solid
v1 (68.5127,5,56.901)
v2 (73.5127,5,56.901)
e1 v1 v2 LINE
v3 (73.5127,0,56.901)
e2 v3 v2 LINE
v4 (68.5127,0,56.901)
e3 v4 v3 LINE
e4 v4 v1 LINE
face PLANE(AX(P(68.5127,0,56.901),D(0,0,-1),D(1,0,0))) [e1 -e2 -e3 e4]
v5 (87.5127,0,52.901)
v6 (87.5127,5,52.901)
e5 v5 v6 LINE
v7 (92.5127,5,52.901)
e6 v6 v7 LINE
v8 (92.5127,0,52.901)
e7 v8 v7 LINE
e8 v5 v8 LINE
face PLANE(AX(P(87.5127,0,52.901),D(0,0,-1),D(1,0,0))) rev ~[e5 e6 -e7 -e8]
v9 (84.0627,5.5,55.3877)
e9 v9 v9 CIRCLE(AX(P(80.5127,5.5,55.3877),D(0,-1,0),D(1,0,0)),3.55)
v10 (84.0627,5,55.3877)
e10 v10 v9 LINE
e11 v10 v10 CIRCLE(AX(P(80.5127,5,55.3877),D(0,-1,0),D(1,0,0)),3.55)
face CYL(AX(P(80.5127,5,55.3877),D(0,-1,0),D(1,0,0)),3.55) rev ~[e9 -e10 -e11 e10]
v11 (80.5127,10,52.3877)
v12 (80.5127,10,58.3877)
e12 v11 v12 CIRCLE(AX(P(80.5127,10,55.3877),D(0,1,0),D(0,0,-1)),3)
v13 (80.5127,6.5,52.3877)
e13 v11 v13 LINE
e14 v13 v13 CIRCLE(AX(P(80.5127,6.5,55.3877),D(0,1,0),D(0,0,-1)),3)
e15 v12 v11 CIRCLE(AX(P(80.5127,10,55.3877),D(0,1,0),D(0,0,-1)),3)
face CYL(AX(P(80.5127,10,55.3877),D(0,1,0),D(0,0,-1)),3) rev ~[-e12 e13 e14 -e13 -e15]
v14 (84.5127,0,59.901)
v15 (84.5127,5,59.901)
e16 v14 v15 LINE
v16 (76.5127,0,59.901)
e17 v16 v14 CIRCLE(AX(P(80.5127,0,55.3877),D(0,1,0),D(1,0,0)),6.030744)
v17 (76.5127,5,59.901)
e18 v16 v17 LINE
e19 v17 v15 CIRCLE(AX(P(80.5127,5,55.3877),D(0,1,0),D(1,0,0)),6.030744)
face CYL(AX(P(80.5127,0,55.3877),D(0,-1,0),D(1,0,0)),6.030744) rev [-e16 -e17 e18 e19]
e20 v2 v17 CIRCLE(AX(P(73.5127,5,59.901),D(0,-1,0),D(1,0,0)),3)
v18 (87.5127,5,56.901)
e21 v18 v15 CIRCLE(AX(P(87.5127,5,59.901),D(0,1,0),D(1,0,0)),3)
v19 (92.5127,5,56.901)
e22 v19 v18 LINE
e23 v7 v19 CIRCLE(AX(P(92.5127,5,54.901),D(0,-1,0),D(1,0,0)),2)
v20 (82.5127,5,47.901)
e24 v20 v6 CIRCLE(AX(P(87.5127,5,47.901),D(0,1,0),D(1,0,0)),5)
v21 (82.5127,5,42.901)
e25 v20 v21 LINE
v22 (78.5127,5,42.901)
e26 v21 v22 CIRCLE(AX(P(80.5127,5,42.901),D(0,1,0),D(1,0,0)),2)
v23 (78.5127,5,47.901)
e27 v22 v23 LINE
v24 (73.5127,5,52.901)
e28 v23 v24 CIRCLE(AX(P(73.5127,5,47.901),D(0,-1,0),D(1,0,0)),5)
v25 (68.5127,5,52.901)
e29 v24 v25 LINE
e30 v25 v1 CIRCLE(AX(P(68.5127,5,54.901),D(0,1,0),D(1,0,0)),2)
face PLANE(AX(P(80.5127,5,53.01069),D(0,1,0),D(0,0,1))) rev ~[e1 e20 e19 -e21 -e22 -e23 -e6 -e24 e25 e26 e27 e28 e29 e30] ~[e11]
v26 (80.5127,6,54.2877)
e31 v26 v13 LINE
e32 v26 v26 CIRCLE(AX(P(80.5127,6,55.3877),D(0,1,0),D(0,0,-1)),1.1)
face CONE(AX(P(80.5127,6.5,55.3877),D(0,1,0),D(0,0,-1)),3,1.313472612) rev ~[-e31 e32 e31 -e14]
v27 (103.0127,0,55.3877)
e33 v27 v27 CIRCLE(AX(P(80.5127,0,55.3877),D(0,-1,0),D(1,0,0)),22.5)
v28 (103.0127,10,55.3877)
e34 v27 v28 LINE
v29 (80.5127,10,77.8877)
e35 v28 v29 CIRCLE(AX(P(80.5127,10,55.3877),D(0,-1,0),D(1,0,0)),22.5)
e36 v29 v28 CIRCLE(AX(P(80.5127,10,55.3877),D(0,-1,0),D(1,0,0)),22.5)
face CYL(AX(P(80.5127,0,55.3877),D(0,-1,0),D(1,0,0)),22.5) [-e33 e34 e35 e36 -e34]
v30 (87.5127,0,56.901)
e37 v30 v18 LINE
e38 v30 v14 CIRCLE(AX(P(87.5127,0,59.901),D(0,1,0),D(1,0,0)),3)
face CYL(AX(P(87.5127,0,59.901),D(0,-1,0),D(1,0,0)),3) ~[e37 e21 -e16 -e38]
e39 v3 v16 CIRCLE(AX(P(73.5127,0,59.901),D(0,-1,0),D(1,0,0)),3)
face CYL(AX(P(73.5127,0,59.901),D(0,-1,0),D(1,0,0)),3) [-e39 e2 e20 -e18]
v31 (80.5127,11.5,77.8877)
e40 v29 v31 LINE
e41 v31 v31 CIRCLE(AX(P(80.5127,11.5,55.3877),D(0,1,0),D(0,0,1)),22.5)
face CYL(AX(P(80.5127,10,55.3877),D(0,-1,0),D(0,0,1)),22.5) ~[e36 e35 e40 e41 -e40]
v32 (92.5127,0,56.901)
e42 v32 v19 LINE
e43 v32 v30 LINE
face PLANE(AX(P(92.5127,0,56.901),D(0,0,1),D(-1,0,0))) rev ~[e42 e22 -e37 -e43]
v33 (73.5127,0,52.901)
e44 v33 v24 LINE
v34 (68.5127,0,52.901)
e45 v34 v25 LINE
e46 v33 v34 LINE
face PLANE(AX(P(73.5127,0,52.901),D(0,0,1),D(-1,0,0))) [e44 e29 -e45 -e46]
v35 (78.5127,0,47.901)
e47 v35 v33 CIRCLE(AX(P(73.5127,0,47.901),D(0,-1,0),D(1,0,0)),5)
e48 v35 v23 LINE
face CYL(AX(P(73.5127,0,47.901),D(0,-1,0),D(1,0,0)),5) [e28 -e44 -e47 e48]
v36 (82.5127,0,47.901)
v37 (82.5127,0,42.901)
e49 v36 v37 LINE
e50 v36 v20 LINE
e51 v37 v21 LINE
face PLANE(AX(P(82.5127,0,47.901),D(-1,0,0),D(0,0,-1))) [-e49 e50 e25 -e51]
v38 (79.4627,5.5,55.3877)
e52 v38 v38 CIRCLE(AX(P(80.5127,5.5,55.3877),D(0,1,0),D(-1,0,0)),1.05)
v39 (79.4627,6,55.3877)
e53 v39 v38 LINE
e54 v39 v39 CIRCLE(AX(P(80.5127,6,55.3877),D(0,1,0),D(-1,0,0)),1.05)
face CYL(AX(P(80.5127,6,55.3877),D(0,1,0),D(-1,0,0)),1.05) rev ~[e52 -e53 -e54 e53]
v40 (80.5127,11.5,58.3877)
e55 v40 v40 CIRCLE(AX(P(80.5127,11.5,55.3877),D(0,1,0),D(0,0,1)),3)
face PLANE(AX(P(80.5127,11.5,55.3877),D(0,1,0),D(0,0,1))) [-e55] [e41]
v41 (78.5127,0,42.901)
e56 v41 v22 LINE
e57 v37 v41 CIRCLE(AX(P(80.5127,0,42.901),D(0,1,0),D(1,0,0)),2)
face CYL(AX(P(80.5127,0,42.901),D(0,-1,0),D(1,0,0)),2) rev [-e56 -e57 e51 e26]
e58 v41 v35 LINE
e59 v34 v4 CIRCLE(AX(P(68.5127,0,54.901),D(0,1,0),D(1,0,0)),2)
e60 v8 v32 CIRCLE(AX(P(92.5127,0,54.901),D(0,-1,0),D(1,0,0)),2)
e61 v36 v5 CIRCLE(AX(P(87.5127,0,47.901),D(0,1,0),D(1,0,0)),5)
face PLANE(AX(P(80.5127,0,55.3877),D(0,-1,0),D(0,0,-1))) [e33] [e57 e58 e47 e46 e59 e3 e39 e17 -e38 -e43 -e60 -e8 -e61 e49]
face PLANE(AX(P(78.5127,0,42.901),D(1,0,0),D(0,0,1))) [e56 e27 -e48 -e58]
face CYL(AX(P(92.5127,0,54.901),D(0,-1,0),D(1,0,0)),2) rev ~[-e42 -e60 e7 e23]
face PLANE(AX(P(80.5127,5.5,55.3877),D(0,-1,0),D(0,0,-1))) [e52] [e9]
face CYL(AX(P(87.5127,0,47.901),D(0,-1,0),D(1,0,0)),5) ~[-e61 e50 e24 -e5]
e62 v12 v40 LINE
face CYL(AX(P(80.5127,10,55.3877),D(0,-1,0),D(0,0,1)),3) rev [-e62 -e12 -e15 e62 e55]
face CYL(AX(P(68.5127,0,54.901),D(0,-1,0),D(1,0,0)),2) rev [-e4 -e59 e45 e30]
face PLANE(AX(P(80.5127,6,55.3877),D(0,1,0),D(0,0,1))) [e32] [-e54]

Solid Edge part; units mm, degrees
sketch "Sketch1" plane through (0, 0, 0) normal (0, -1, 0) x (1, 0, 0)
  circle A0 centre (80.5127, 55.3877) radius 22.5
  dimension "D1" = 45
extrude "ExtrudedProtrusion_1" add sketch "Sketch1" against normal blind 10
sketch "Sketch2" plane through (63.9305, 0, 41.9251) normal (0, -1, 0) x (1, 0, 0)
  line L0 (18.5822, 5.9759) -> (18.5822, 0.9759)
  arc A0 (18.5822, 0.9759) -> (14.5822, 0.9759) centre (16.5822, 0.9759) cw
  line L1 (14.5822, 0.9759) -> (14.5822, 5.9759)
  arc A1 (14.5822, 5.9759) -> (9.5822, 10.9759) centre (9.5822, 5.9759) ccw
  line L2 (9.5822, 10.9759) -> (4.5822, 10.9759)
  arc A2 (4.5822, 10.9759) -> (4.5822, 14.9759) centre (4.5822, 12.9759) cw
  line L3 (4.5822, 14.9759) -> (9.5822, 14.9759)
  arc A3 (9.5822, 14.9759) -> (12.5822, 17.9759) centre (9.5822, 17.9759) ccw
  arc A4 (12.5822, 17.9759) -> (20.5822, 17.9759) centre (16.5822, 13.4626) cw
  arc A5 (23.5822, 14.9759) -> (20.5822, 17.9759) centre (23.5822, 17.9759) cw
  line L4 (28.5822, 14.9759) -> (23.5822, 14.9759)
  arc A6 (28.5822, 10.9759) -> (28.5822, 14.9759) centre (28.5822, 12.9759) ccw
  line L5 (23.5822, 10.9759) -> (28.5822, 10.9759)
  arc A7 (18.5822, 5.9759) -> (23.5822, 10.9759) centre (23.5822, 5.9759) cw
  dimension "D1" = 5
  dimension "D2" = 2
  dimension "D3" = 5
  dimension "D4" = 5
  dimension "D5" = 5
  dimension "D6" = 2
  dimension "D7" = 5
  dimension "D8" = 5
  dimension "D9" = 2
  dimension "D10" = 5
  dimension "D11" = 5
  dimension "D12" = 3
  dimension "D13" = 3
extrude "Cutout1" cut sketch "Sketch2" against normal blind 5
sketch "Sketch3" plane through (80.5127, 10, 55.3877) normal (0, 1, 0) x (0, 0, -1)
  circle A0 centre (0, 0) radius 3
extrude "ExtrudedCutout_5" cut sketch "Sketch3" against normal blind 4
sketch "Sketch4" plane through (80.5127, 6, 55.3877) normal (0, 1, 0) x (-1, 0, 0)
  circle A0 centre (0, 0) radius 1.05
  dimension "D1" = 2.1
extrude "Cutout2" cut sketch "Sketch4" against normal up to next
sketch "Sketch5" plane through (80.5127, 5, 51.1598) normal (0, -1, 0) x (1, 0, 0)
  circle A0 centre (0, 4.2279) radius 3.55
extrude "ExtrudedCutout_7" cut sketch "Sketch5" against normal blind 0.5
chamfer "Chamfer_2" distance 1.9 distance2 0.5 1 edges at (80.5127, 6, 58.3877) measured on face at (78.5727, 6, 53.3277)
sketch "Sketch6" plane through (80.5127, 10, 55.3877) normal (0, 1, 0) x (0, 0, 1)
  circle A0 centre (0, 0) radius 22.5
  circle A1 centre (0, 0) radius 3
  dimension "D1" = 45
extrude "ExtrudedProtrusion_4" add sketch "Sketch6" along normal blind 1.5
